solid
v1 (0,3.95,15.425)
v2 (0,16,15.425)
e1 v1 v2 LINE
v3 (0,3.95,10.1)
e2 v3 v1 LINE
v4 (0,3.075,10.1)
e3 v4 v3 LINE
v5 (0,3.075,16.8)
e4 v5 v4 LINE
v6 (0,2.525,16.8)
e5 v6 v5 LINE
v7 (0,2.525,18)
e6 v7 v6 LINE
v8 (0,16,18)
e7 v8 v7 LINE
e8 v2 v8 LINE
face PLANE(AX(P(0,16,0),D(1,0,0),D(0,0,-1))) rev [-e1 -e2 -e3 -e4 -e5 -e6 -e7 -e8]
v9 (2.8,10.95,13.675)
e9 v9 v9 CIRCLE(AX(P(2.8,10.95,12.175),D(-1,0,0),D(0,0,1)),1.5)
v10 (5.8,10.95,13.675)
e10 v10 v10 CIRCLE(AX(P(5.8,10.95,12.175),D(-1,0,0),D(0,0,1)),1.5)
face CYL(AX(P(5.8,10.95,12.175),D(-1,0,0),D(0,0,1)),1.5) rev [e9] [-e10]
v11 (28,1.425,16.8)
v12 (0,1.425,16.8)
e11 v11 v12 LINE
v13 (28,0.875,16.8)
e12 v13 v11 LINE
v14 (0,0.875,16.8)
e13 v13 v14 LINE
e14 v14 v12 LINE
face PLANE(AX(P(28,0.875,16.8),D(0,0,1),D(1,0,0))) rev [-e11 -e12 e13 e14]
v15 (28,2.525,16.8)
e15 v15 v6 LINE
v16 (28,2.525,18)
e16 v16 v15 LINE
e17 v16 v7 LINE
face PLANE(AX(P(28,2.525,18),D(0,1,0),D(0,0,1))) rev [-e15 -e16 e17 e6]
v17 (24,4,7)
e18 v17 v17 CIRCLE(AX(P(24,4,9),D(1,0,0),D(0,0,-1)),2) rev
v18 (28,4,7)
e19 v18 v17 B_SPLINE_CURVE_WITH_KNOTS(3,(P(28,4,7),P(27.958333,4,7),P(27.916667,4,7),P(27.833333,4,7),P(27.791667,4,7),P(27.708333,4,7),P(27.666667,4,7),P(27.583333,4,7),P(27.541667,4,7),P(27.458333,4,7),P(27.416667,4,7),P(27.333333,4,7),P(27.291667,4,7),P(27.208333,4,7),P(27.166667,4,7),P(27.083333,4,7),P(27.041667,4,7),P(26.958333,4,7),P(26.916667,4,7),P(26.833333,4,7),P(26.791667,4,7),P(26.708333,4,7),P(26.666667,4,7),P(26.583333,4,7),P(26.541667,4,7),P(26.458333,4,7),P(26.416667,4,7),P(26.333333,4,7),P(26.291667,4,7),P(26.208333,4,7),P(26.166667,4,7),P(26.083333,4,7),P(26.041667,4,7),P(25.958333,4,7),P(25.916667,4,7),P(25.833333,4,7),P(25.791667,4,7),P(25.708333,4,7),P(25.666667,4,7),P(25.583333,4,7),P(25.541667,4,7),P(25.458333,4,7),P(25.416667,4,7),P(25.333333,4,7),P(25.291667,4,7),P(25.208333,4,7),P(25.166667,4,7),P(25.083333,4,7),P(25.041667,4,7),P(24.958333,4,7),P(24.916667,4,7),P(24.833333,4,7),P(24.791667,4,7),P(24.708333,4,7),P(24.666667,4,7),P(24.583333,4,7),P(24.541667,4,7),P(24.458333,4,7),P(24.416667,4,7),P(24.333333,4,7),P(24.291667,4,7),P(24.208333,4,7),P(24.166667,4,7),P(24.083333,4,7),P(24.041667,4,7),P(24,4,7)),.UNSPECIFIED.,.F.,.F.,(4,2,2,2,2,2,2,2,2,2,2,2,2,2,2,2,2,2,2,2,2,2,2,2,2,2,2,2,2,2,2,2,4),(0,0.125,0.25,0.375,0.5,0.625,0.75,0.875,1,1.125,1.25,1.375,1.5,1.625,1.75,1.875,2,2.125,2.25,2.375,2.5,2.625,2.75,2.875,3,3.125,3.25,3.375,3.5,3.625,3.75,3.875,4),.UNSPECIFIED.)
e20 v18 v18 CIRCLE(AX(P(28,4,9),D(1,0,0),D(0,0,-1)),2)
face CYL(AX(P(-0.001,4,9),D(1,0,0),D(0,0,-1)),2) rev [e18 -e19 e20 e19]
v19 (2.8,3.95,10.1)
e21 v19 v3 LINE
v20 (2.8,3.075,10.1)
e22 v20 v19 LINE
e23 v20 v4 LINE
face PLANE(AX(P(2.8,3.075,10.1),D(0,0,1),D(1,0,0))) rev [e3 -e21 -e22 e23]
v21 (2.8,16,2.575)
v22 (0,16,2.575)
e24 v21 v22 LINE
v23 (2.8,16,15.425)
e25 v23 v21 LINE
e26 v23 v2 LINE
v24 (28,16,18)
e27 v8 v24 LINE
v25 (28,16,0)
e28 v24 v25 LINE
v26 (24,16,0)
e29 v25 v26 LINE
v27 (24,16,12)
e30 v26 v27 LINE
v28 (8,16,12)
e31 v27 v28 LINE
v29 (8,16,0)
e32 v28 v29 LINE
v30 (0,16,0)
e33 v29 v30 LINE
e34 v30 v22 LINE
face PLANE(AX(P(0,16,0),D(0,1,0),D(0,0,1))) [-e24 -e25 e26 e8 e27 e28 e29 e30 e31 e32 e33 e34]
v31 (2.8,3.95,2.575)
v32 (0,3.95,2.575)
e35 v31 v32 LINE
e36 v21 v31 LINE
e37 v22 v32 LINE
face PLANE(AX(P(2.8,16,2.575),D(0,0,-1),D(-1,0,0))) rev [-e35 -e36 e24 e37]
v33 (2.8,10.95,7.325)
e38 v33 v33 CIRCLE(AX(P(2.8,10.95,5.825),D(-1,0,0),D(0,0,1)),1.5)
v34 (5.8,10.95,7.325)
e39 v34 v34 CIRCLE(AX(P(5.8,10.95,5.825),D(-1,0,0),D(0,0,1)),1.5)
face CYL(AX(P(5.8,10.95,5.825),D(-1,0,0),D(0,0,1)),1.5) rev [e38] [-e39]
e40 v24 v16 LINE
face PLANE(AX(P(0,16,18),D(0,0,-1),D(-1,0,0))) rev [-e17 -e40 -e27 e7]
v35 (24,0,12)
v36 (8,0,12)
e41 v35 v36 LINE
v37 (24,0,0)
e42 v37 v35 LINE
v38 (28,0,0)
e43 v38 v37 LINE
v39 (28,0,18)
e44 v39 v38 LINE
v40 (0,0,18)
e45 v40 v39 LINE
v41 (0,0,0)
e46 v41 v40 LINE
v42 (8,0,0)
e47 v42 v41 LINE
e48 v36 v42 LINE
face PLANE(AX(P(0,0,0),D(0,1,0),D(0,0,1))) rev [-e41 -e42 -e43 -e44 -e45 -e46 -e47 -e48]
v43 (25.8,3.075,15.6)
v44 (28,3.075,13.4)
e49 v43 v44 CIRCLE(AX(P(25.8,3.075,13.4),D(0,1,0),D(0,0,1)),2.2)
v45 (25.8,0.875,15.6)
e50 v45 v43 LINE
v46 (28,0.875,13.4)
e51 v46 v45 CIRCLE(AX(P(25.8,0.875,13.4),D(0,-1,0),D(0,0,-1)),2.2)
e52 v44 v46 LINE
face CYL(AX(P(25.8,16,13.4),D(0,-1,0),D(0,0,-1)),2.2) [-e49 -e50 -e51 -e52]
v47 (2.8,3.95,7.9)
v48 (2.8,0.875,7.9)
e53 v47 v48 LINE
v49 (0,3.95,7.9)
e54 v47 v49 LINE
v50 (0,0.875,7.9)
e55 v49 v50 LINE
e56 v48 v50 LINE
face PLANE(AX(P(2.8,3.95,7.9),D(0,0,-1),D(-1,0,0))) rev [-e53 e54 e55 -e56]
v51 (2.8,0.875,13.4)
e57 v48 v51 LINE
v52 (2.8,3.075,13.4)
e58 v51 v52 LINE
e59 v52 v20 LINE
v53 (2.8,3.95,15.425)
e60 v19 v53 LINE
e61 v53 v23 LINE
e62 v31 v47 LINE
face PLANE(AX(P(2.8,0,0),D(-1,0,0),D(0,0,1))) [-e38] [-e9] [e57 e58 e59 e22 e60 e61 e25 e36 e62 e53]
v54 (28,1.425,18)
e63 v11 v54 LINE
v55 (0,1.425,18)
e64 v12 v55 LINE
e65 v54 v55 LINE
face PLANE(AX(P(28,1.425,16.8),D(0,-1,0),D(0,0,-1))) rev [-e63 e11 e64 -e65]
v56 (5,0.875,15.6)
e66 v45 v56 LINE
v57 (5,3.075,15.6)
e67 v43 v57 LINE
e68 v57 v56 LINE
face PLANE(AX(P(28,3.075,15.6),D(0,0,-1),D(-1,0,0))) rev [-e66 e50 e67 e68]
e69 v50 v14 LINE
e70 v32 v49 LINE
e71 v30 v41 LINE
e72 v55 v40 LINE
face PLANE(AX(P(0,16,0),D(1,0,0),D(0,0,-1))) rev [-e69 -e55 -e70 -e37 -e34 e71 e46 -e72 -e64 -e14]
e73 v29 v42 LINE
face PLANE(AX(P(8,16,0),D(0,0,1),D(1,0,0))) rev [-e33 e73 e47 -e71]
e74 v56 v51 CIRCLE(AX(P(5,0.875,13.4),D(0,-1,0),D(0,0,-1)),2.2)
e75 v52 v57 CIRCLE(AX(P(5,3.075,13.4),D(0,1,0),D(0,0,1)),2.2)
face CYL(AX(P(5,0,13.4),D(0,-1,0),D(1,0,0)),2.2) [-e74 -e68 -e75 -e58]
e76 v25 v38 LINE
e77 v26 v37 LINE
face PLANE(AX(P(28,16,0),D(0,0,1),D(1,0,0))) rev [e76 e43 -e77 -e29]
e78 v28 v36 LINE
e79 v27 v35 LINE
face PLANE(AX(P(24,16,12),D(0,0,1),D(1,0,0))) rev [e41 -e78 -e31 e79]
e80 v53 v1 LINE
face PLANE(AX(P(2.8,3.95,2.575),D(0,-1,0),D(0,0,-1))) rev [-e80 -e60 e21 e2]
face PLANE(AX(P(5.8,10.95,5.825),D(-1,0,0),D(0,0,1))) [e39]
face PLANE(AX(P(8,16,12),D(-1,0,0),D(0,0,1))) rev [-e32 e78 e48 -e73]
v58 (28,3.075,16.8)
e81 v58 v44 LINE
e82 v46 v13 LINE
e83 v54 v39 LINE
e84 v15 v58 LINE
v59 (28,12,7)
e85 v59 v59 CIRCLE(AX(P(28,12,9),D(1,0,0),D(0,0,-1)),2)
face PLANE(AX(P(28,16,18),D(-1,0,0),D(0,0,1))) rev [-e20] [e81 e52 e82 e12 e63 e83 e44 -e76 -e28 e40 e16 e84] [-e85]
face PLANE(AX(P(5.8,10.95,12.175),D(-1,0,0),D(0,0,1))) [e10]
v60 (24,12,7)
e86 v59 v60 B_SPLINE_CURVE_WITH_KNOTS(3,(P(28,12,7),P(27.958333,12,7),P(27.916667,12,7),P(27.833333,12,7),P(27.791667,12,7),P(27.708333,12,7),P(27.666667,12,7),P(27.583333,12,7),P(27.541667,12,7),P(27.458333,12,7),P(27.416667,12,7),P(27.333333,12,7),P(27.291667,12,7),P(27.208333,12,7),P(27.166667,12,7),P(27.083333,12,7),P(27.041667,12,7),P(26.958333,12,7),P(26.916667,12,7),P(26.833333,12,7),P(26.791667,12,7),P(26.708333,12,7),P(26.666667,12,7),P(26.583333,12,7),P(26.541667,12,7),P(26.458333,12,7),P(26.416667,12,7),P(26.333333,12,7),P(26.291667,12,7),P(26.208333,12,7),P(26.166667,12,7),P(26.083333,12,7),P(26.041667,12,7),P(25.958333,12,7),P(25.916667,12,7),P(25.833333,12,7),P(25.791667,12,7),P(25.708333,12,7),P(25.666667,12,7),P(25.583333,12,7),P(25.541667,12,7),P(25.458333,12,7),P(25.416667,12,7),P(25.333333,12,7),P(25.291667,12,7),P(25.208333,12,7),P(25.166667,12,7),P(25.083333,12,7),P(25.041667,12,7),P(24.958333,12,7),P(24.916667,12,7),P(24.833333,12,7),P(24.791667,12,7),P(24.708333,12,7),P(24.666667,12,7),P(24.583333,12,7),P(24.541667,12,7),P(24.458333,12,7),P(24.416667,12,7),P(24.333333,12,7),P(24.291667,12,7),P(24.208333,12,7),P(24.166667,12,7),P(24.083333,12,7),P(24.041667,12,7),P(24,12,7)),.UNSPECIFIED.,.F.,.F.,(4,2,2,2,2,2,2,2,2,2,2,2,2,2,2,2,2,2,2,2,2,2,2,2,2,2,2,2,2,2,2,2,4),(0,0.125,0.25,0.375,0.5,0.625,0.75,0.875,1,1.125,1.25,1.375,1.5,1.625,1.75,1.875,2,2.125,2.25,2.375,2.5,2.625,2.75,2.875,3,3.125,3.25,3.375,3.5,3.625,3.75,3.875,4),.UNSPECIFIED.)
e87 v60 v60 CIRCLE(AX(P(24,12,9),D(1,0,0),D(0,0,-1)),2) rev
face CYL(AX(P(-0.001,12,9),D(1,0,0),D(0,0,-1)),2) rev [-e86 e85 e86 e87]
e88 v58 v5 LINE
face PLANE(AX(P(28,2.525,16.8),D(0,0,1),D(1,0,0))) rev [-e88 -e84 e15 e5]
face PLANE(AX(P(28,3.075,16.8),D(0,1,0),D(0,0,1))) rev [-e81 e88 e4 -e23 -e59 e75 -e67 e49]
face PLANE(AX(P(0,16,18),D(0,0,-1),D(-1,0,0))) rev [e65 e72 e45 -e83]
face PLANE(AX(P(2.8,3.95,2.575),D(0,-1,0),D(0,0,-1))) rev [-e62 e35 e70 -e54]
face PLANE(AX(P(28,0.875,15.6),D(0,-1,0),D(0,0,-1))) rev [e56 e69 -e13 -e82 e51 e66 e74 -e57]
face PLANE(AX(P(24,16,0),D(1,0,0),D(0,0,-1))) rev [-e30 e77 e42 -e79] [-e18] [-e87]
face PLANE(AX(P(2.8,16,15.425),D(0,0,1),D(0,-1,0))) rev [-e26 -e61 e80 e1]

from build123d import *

# Parameters (mm, degrees)
PROFILEBOSS_EXTRUDE1_DEPTH        = 16
MICROSWITCHHOLESKETCH3_W          = 12.85
MICROSWITCHHOLESKETCH3_H          = 12.05
MICROSWITCHHOLECUT_EXTRUDE1_DEPTH = 2.8
MICROSWITCHHOLESKETCH4_R          = 1.5
MICROSWITCHHOLECUT_EXTRUDE2_DEPTH = 3
CLAMPHOLECUT_EXTRUDE4_REACH       = 38.932
CLAMPHOLESSKETCH6_R               = 2
LONGWIRECHANNELCUT_EXTRUDE5_DEPTH = 37.932370625
CUT_EXTRUDE6_DEPTH                = 2.8
FILLET1_R                         = 2.2
FILLET2_R                         = 2.2


with BuildPart() as part:
    # ProfileSketch2 → ProfileBoss-Extrude1 (new body)
    with BuildSketch(Plane(origin=(0, 0, 0), x_dir=(1, 0, 0), z_dir=(0, 1, 0))):
        Polygon((0, 0), (0, -18), (28, -18), (28, 0), (24, 0), (24, -12), (8, -12), (8, 0), align=None)
    extrude(amount=PROFILEBOSS_EXTRUDE1_DEPTH)

    # MicroSwitchHoleSketch3 → MicroSwitchHoleCut-Extrude1 (cut)
    with BuildSketch(Plane.ZY):
        with Locations((9, 9.975)):
            Rectangle(MICROSWITCHHOLESKETCH3_W, MICROSWITCHHOLESKETCH3_H)
    extrude(amount=-MICROSWITCHHOLECUT_EXTRUDE1_DEPTH, mode=Mode.SUBTRACT)

    # MicroSwitchHoleSketch4 → MicroSwitchHoleCut-Extrude2 (cut)
    with BuildSketch(Plane.ZY.offset(-2.8)):
        with Locations((5.825, 10.95)):
            Circle(MICROSWITCHHOLESKETCH4_R)
        with Locations((12.175, 10.95)):
            Circle(MICROSWITCHHOLESKETCH4_R)
    extrude(amount=-MICROSWITCHHOLECUT_EXTRUDE2_DEPTH, mode=Mode.SUBTRACT)

    # ClampHolesSketch6 → ClampHoleCut-Extrude4 (cut, up to next)
    with BuildSketch(Plane(origin=(28, 0, 0), x_dir=(0, 0, -1), z_dir=(1, 0, 0)), mode=Mode.PRIVATE) as clampholecut_extrude4_sk1:
        with Locations((-9, 12)):
            Circle(CLAMPHOLESSKETCH6_R)
    clampholecut_extrude4_tool1 = extrude(clampholecut_extrude4_sk1.sketch, amount=-CLAMPHOLECUT_EXTRUDE4_REACH, mode=Mode.PRIVATE) & part.part
    # ClampHolesSketch6 → ClampHoleCut-Extrude4 (cut, up to next)
    with BuildSketch(Plane(origin=(28, 0, 0), x_dir=(0, 0, -1), z_dir=(1, 0, 0)), mode=Mode.PRIVATE) as clampholecut_extrude4_sk2:
        with Locations((-9, 4)):
            Circle(CLAMPHOLESSKETCH6_R)
    clampholecut_extrude4_tool2 = extrude(clampholecut_extrude4_sk2.sketch, amount=-CLAMPHOLECUT_EXTRUDE4_REACH, mode=Mode.PRIVATE) & part.part
    add(clampholecut_extrude4_tool1.solids().sort_by_distance((28, 12, 9))[0], mode=Mode.SUBTRACT)
    add(clampholecut_extrude4_tool2.solids().sort_by_distance((28, 4, 9))[0], mode=Mode.SUBTRACT)

    # LongWireChannelSketch7 → LongWireChannelCut-Extrude5 (cut, through all)
    with BuildSketch(Plane.ZY):
        Polygon((18, 2.525), (16.8, 2.525), (16.8, 3.075), (15.6, 3.075), (15.6, 0.875), (16.8, 0.875), (16.8, 1.425), (18, 1.425), align=None)
    extrude(amount=-LONGWIRECHANNELCUT_EXTRUDE5_DEPTH, mode=Mode.SUBTRACT)

    # ShortWireChannelSketch8 → Cut-Extrude6 (cut)
    with BuildSketch(Plane.ZY):
        Polygon((7.9, 3.95), (7.9, 0.875), (15.6, 0.875), (15.6, 3.075), (10.1, 3.075), (10.1, 3.95), align=None)
    extrude(amount=-CUT_EXTRUDE6_DEPTH, mode=Mode.SUBTRACT)

    # Fillet1
    fillet1_edges = [part.edges().sort_by_distance(p)[0] for p in [
        (2.8, 1.975, 15.6),
    ]]
    fillet(fillet1_edges, radius=FILLET1_R)

    # Fillet2
    fillet2_edges = [part.edges().sort_by_distance(p)[0] for p in [
        (28, 1.975, 15.6),
    ]]
    fillet(fillet2_edges, radius=FILLET2_R)


solid = part.part
